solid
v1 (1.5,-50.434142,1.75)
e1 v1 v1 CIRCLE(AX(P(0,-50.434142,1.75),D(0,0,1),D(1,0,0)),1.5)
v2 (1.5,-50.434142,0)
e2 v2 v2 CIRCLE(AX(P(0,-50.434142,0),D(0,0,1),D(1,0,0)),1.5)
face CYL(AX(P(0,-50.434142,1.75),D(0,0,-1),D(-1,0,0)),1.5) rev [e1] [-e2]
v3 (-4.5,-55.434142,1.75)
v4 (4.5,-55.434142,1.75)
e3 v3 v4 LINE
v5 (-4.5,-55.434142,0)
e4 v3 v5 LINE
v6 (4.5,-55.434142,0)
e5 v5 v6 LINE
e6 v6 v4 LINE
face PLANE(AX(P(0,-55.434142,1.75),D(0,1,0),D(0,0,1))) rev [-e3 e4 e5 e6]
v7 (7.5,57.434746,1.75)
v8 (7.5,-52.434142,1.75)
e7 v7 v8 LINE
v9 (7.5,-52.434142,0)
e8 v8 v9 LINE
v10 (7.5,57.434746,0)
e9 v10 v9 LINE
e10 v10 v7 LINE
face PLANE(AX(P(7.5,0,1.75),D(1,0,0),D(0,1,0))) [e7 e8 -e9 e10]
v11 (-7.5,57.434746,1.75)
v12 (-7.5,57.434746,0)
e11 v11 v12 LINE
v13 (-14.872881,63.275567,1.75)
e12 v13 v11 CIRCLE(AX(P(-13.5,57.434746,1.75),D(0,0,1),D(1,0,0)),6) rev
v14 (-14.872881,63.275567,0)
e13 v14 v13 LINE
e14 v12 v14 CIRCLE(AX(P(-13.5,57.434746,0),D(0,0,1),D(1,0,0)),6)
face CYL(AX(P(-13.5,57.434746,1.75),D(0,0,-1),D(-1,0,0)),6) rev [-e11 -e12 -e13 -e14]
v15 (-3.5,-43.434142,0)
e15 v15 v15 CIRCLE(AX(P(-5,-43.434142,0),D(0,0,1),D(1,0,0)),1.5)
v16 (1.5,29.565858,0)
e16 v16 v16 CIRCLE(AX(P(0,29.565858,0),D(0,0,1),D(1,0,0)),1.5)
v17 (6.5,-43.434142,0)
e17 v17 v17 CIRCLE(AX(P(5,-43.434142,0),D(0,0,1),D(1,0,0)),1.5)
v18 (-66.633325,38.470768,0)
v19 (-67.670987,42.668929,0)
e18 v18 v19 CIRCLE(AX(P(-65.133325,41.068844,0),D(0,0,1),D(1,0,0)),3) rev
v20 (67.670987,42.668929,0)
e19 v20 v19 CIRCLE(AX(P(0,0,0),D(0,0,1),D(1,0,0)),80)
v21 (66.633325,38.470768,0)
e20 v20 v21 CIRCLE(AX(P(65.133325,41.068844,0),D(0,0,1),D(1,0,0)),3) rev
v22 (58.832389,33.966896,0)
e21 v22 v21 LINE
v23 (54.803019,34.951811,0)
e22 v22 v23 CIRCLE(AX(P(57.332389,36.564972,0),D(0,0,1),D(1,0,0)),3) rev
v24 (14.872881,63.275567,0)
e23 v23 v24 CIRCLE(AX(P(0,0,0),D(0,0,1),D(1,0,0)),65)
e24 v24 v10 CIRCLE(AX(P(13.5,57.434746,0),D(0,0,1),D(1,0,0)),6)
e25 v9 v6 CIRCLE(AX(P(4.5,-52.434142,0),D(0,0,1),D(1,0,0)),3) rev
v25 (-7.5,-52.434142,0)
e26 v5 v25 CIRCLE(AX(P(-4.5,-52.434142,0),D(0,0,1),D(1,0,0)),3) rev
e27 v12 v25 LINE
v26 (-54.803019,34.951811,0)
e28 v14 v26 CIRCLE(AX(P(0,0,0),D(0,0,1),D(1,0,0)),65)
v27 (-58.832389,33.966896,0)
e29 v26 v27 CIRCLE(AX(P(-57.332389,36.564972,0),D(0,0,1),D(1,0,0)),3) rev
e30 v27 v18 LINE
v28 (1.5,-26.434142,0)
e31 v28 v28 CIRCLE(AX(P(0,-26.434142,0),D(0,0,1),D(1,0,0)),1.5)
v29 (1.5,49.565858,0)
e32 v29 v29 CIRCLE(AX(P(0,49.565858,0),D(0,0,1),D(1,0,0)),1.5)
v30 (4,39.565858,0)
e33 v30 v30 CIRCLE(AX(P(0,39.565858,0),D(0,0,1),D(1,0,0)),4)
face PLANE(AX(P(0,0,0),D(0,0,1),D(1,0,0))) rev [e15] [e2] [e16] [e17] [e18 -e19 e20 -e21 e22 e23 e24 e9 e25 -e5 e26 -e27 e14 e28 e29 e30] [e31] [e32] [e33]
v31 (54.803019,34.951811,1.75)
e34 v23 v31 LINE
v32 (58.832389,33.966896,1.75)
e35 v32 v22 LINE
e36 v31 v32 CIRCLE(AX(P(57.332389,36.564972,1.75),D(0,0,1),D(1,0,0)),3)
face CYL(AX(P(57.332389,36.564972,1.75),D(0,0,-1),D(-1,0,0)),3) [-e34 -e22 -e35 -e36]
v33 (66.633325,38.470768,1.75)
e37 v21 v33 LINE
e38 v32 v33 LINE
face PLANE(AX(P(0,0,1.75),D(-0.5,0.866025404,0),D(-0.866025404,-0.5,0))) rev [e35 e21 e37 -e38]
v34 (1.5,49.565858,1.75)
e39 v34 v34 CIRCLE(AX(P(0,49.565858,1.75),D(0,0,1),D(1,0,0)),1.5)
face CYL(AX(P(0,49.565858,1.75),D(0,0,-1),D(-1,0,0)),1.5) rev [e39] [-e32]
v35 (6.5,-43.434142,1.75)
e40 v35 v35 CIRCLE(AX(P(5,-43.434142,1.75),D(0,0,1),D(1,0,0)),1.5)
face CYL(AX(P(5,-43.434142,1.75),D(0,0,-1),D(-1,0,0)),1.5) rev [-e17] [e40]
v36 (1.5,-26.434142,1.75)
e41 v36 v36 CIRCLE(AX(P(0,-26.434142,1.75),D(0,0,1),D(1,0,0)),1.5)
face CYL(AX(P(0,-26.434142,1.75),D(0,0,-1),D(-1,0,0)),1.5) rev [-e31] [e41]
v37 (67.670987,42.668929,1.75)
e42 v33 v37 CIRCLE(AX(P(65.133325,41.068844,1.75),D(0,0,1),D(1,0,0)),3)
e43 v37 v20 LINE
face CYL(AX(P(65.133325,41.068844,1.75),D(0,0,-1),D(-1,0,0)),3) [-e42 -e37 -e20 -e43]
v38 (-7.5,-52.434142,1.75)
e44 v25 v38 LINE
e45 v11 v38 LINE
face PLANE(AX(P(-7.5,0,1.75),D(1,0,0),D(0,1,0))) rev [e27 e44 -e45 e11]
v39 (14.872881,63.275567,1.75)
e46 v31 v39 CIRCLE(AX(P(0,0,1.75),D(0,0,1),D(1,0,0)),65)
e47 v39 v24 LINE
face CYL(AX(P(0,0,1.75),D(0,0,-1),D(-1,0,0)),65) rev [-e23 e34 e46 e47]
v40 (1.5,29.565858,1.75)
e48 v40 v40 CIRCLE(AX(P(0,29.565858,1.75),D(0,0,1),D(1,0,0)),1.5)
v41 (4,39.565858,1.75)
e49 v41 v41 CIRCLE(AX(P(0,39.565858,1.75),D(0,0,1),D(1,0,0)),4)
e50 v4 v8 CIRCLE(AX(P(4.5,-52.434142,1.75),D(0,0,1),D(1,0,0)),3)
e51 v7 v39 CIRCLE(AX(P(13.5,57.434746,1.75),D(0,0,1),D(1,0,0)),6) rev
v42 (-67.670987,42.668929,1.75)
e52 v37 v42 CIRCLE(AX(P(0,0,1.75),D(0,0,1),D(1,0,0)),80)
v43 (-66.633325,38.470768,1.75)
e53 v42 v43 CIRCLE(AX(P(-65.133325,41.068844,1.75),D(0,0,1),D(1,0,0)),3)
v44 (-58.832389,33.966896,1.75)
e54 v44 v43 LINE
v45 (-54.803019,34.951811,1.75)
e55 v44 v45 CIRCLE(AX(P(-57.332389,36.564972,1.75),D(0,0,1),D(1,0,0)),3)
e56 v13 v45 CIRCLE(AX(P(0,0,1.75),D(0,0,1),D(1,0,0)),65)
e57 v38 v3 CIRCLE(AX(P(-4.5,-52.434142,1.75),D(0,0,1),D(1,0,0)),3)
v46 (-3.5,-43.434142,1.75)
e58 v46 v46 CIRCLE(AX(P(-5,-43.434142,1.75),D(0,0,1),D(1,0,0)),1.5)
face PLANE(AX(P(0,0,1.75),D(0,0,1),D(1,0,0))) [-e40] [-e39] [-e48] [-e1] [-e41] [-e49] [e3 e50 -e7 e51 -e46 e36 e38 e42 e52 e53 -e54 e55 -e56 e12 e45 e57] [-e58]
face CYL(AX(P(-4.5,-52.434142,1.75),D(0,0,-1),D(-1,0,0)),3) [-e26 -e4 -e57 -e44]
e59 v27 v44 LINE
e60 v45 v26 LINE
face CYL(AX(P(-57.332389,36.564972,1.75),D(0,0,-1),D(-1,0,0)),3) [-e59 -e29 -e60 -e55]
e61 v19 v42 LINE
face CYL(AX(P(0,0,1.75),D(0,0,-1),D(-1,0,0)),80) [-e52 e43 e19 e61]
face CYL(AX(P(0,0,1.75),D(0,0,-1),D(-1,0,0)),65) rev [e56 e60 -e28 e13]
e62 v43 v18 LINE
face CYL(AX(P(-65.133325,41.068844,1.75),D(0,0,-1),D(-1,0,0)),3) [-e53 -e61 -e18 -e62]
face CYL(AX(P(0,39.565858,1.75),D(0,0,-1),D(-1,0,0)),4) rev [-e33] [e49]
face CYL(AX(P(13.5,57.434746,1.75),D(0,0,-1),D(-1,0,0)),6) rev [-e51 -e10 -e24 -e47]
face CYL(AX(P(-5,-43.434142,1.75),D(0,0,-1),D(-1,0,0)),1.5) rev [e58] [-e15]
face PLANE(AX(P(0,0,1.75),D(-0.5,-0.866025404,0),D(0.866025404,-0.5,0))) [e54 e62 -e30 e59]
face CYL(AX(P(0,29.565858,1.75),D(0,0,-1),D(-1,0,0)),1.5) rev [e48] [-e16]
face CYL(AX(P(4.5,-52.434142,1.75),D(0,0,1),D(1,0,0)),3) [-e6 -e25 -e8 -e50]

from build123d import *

# Parameters (mm, degrees)
SKETCH_1_W      = 15
SKETCH_1_H      = 120
SKETCH_1_R      = 1.5
SKETCH_1_R_2    = 4
EXTRUDE_1_DEPTH = 1.75
FILLET_1_R      = 3
FILLET_2_R      = 6


with BuildPart() as part:
    # 草图1 → 凸台-拉伸1 (new body)
    # profile 1 of 3: a face of its own
    with BuildSketch(Plane.XY):
        with BuildLine():
            ThreePointArc((56.291651246, 32.5), (0, 65), (-56.291651246, 32.5))
            Line((-56.291651246, 32.5), (-69.282032303, 40))
            ThreePointArc((-69.282032303, 40), (0, 80), (69.282032303, 40))
            Line((69.282032303, 40), (56.291651246, 32.5))
        make_face()
    # profile 2 of 3: a face of its own
    with BuildSketch(Plane.XY):
        with Locations((0, 4.565857851)):
            Rectangle(SKETCH_1_W, SKETCH_1_H)
        with Locations((0, 49.565857851)):
            Circle(SKETCH_1_R, mode=Mode.SUBTRACT)
        with Locations((0, 29.565857851)):
            Circle(SKETCH_1_R, mode=Mode.SUBTRACT)
        with Locations((0, 39.565857851)):
            Circle(SKETCH_1_R_2, mode=Mode.SUBTRACT)
        with Locations((0, -26.434142149)):
            Circle(SKETCH_1_R, mode=Mode.SUBTRACT)
        with Locations((5, -43.434142149)):
            Circle(SKETCH_1_R, mode=Mode.SUBTRACT)
        with Locations((-5, -43.434142149)):
            Circle(SKETCH_1_R, mode=Mode.SUBTRACT)
        with Locations((0, -50.434142149)):
            Circle(SKETCH_1_R, mode=Mode.SUBTRACT)
    # profile 3 of 3: a face of its own
    with BuildSketch(Plane.XY):
        with BuildLine():
            ThreePointArc((7.5, 64.565857851), (0, 65), (-7.5, 64.565857851))
            Line((-7.5, 64.565857851), (7.5, 64.565857851))
        make_face()
    extrude(amount=EXTRUDE_1_DEPTH)

    # 圆角1
    fillet_1_edges = [part.edges().sort_by_distance(p)[0] for p in [
        (7.5, -55.434142149, 0.875),
        (-7.5, -55.434142149, 0.875),
        (-56.291651246, 32.5, 0.875),
        (-69.282032303, 40, 0.875),
        (69.282032303, 40, 0.875),
        (56.291651246, 32.5, 0.875),
    ]]
    fillet(fillet_1_edges, radius=FILLET_1_R)

    # 圆角2
    fillet_2_edges = [part.edges().sort_by_distance(p)[0] for p in [
        (7.5, 64.565857851, 0.875),
        (-7.5, 64.565857851, 0.875),
    ]]
    fillet(fillet_2_edges, radius=FILLET_2_R)


solid = part.part
